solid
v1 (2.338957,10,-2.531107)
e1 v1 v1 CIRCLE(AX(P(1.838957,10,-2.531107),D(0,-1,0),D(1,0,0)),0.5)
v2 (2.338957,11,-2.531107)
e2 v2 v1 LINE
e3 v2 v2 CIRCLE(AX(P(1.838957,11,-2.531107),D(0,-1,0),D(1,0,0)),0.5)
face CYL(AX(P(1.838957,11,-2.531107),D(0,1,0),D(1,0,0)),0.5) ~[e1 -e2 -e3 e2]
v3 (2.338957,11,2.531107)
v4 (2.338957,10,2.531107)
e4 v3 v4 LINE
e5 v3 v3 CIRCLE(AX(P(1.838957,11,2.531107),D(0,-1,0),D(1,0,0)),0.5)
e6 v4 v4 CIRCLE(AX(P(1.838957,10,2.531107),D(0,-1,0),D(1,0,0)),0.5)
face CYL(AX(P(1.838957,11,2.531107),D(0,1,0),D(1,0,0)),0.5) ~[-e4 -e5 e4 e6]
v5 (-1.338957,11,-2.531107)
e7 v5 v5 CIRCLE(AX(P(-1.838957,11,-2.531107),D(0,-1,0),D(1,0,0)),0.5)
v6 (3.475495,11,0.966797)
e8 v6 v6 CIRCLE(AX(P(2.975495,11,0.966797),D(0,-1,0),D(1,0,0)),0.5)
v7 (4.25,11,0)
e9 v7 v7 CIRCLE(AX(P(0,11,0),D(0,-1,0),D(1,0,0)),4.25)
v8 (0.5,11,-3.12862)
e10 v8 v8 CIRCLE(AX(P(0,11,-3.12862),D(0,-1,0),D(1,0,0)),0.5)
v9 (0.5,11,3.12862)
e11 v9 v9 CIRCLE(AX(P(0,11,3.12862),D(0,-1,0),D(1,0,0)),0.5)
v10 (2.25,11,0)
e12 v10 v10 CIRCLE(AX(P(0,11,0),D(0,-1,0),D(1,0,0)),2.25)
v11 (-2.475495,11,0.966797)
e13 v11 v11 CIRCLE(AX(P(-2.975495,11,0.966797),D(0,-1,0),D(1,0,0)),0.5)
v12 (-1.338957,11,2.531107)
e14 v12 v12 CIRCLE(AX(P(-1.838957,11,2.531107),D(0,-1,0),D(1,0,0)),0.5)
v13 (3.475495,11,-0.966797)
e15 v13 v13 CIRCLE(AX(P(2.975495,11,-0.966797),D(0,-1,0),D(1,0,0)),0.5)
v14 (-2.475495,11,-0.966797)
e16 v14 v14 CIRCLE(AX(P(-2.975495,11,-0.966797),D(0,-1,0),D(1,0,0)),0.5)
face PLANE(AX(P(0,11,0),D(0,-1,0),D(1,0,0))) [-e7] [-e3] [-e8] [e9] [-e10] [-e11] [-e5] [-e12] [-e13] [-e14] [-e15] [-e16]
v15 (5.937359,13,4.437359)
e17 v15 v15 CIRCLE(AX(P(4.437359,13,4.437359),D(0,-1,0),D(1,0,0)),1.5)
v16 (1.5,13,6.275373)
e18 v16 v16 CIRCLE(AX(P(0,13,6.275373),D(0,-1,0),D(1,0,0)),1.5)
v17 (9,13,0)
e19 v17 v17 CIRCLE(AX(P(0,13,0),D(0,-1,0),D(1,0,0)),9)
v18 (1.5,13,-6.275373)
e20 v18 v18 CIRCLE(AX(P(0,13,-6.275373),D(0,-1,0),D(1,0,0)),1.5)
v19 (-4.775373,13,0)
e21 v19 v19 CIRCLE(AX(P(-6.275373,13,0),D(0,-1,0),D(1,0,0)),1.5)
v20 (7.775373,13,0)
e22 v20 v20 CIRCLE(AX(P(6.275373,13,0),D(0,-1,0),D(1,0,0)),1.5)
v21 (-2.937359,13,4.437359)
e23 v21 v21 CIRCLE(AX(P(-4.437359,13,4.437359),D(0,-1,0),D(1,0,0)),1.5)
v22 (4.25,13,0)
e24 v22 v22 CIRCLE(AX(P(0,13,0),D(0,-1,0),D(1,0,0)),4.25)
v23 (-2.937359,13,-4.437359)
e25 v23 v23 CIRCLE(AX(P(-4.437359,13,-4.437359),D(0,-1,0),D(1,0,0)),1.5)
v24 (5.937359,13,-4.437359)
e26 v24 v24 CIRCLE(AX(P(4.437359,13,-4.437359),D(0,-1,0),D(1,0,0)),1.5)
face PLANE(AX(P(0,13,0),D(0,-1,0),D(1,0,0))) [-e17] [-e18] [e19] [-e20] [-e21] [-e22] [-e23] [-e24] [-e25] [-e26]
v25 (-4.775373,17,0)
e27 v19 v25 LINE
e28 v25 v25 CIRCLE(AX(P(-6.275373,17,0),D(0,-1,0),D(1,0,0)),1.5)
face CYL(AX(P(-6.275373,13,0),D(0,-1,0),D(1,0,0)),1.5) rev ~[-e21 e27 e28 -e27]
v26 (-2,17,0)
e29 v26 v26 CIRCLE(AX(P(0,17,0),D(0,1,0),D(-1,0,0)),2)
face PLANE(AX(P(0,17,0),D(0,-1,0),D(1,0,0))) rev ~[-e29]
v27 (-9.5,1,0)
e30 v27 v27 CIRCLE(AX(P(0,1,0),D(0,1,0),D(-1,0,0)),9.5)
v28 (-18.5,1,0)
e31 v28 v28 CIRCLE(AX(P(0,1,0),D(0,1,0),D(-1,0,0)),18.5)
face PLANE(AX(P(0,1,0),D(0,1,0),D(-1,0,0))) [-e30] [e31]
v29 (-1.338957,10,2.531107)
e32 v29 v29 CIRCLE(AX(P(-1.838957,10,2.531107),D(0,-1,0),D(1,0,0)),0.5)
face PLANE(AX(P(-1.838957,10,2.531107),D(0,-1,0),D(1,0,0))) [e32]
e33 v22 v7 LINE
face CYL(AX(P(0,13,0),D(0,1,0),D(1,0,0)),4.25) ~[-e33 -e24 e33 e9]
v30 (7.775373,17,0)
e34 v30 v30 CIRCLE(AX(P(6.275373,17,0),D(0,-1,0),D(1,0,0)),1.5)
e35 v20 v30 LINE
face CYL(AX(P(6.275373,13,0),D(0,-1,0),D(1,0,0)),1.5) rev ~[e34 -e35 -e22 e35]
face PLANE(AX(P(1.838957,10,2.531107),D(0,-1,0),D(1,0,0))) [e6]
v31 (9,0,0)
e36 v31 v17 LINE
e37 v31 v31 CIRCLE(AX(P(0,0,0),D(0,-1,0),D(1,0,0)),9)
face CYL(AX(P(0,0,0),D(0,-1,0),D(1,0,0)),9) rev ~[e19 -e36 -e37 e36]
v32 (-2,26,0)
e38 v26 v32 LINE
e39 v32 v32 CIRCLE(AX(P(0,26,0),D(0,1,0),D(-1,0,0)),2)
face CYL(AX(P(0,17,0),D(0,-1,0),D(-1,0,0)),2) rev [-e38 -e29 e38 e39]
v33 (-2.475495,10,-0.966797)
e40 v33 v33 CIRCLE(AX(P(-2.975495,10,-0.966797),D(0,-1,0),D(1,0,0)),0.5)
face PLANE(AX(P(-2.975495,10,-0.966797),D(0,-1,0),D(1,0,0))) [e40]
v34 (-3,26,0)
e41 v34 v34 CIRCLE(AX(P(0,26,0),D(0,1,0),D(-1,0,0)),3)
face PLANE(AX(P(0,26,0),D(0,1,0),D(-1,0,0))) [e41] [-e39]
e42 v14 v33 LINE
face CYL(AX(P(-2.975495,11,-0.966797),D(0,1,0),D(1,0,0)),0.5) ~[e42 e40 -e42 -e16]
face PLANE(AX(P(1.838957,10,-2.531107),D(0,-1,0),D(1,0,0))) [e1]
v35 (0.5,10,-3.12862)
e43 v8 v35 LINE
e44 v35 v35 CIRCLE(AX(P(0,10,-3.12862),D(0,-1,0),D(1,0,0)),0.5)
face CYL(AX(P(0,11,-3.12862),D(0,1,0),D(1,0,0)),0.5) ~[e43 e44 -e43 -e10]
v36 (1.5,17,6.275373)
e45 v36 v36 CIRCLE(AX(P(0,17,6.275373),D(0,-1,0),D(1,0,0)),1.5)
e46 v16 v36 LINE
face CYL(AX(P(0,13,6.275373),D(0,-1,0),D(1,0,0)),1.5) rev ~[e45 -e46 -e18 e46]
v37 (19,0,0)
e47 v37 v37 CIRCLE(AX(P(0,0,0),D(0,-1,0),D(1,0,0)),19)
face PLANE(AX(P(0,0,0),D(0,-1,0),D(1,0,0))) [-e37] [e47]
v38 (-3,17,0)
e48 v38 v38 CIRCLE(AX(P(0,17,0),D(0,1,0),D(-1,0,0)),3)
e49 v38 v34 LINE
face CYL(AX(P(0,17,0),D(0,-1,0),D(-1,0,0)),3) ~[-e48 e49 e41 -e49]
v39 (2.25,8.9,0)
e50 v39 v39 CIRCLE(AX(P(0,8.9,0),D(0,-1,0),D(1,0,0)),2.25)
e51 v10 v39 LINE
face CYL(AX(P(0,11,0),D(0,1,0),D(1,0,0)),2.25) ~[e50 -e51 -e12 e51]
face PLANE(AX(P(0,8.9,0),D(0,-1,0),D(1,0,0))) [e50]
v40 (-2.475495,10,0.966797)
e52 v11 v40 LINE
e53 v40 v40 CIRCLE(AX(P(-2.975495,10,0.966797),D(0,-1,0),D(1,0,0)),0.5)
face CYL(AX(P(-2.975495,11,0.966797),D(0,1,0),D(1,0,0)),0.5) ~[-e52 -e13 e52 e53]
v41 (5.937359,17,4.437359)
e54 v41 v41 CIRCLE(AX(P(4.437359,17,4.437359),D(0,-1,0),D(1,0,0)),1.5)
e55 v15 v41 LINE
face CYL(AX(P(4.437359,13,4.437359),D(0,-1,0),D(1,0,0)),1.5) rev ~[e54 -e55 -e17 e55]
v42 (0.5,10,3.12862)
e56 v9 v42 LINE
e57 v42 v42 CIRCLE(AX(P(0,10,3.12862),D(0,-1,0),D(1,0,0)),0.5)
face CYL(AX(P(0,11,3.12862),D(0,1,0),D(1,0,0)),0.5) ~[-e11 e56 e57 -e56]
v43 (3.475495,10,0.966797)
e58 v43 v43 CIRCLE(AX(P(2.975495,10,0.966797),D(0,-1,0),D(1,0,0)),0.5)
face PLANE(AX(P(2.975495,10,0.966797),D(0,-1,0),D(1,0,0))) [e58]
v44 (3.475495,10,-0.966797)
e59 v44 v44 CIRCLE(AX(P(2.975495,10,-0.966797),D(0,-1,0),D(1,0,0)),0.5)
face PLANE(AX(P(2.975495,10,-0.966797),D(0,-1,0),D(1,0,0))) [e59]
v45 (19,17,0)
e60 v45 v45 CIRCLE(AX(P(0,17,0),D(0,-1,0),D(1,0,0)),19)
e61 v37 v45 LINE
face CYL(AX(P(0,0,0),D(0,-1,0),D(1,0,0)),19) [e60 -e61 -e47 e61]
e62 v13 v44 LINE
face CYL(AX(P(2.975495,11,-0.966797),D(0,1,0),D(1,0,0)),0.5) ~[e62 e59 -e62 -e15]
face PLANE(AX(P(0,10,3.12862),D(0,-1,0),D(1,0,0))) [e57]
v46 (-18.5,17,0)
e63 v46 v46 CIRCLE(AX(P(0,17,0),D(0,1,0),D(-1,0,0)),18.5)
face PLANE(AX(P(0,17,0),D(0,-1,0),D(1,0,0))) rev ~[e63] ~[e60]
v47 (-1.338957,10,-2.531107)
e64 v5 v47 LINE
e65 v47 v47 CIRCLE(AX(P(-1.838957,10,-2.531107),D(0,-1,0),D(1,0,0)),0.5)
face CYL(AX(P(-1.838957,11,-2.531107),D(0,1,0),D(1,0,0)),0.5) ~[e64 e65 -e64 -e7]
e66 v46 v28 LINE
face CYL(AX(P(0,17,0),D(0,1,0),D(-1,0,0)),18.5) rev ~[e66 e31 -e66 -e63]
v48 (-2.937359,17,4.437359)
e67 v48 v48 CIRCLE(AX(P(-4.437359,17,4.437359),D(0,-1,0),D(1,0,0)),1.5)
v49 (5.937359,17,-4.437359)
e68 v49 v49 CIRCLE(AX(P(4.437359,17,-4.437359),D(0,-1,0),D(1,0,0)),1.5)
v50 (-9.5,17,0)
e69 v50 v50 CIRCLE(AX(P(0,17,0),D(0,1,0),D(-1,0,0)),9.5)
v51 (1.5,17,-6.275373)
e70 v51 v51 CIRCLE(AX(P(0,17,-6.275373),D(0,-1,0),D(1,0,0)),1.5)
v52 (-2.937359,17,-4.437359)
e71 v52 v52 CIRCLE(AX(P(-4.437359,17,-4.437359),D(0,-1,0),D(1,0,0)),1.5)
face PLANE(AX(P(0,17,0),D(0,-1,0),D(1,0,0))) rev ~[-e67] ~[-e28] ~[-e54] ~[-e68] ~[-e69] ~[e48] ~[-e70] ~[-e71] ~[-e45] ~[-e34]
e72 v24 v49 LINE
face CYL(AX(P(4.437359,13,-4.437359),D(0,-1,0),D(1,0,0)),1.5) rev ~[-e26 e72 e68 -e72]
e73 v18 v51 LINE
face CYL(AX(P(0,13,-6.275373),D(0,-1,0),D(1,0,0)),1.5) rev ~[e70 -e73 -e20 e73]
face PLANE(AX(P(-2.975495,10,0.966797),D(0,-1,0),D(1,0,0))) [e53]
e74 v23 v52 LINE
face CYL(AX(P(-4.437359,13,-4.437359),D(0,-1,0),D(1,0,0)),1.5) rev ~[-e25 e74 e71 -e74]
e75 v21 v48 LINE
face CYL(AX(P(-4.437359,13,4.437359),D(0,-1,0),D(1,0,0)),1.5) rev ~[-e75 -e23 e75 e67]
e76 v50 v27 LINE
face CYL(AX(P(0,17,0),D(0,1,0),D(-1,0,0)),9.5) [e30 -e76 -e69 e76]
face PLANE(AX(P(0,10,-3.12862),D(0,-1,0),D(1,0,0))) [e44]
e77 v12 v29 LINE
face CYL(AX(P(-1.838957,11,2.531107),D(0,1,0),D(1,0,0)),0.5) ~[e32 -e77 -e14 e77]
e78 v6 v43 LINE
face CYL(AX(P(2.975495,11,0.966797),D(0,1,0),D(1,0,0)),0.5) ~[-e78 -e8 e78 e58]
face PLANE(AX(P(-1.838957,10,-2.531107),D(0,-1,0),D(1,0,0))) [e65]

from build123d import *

# Parameters (mm, degrees)
F0_R      = 19
F1_DEPTH  = 17
F2_R      = 9
F3_DEPTH  = 13
F4_R      = 1.5
F5_DEPTH  = 25
F6_R      = 4.25
F7_DEPTH  = 2
F8_R      = 2.25
F9_DEPTH  = 2.1
F10_R     = 0.5
F11_DEPTH = 1
F12_R     = 3
F12_R_2   = 2
F13_DEPTH = 9
F15_R     = 18.5
F15_R_2   = 9.5
F16_DEPTH = 16


with BuildPart() as f1:
    # F0 (on Front) → F1 (new body)
    with BuildSketch(Plane.XZ):
        Circle(F0_R)
    extrude(amount=-F1_DEPTH)

    # F2 (on face) → F3 (cut)
    with BuildSketch(Plane.XZ):
        Circle(F2_R)
    extrude(amount=-F3_DEPTH, mode=Mode.SUBTRACT)

    # F4 (on face) → F5 (cut)
    with BuildSketch(Plane.XZ.offset(-13)):
        with Locations((0, 6.275373)):
            Circle(F4_R)
        with Locations((4.437359, 4.437359)):
            Circle(F4_R)
        with Locations((6.275373, 0)):
            Circle(F4_R)
        with Locations((4.437359, -4.437359)):
            Circle(F4_R)
        with Locations((0, -6.275373)):
            Circle(F4_R)
        with Locations((-4.437359, -4.437359)):
            Circle(F4_R)
        with Locations((-6.275373, 0)):
            Circle(F4_R)
        with Locations((-4.437359, 4.437359)):
            Circle(F4_R)
    extrude(amount=-F5_DEPTH, mode=Mode.SUBTRACT)

    # F6 (on face) → F7 (join)
    with BuildSketch(Plane.XZ.offset(-13)):
        Circle(F6_R)
    extrude(amount=F7_DEPTH)

    # F8 (on face) → F9 (join)
    with BuildSketch(Plane.XZ.offset(-11)):
        Circle(F8_R)
    extrude(amount=F9_DEPTH)

    # F10 (on face) → F11 (join)
    with BuildSketch(Plane.XZ.offset(-11)):
        with Locations((0, 3.12862)):
            Circle(F10_R)
        with Locations((1.838957, 2.531107)):
            Circle(F10_R)
        with Locations((2.975495, 0.966797)):
            Circle(F10_R)
        with Locations((2.975495, -0.966797)):
            Circle(F10_R)
        with Locations((1.838957, -2.531107)):
            Circle(F10_R)
        with Locations((0, -3.12862)):
            Circle(F10_R)
        with Locations((-1.838957, -2.531107)):
            Circle(F10_R)
        with Locations((-2.975495, -0.966797)):
            Circle(F10_R)
        with Locations((-2.975495, 0.966797)):
            Circle(F10_R)
        with Locations((-1.838957, 2.531107)):
            Circle(F10_R)
    extrude(amount=F11_DEPTH)

    # F12 (on face) → F13 (join)
    with BuildSketch(Plane(origin=(0, 17, 0), x_dir=(-1, 0, 0), z_dir=(0, 1, 0))):
        Circle(F12_R)
        Circle(F12_R_2, mode=Mode.SUBTRACT)
    extrude(amount=F13_DEPTH)

    # F15 (on face) → F16 (cut)
    with BuildSketch(Plane(origin=(0, 17, 0), x_dir=(-1, 0, 0), z_dir=(0, 1, 0))):
        Circle(F15_R)
        Circle(F15_R_2, mode=Mode.SUBTRACT)
    extrude(amount=-F16_DEPTH, mode=Mode.SUBTRACT)


solid = f1.part
